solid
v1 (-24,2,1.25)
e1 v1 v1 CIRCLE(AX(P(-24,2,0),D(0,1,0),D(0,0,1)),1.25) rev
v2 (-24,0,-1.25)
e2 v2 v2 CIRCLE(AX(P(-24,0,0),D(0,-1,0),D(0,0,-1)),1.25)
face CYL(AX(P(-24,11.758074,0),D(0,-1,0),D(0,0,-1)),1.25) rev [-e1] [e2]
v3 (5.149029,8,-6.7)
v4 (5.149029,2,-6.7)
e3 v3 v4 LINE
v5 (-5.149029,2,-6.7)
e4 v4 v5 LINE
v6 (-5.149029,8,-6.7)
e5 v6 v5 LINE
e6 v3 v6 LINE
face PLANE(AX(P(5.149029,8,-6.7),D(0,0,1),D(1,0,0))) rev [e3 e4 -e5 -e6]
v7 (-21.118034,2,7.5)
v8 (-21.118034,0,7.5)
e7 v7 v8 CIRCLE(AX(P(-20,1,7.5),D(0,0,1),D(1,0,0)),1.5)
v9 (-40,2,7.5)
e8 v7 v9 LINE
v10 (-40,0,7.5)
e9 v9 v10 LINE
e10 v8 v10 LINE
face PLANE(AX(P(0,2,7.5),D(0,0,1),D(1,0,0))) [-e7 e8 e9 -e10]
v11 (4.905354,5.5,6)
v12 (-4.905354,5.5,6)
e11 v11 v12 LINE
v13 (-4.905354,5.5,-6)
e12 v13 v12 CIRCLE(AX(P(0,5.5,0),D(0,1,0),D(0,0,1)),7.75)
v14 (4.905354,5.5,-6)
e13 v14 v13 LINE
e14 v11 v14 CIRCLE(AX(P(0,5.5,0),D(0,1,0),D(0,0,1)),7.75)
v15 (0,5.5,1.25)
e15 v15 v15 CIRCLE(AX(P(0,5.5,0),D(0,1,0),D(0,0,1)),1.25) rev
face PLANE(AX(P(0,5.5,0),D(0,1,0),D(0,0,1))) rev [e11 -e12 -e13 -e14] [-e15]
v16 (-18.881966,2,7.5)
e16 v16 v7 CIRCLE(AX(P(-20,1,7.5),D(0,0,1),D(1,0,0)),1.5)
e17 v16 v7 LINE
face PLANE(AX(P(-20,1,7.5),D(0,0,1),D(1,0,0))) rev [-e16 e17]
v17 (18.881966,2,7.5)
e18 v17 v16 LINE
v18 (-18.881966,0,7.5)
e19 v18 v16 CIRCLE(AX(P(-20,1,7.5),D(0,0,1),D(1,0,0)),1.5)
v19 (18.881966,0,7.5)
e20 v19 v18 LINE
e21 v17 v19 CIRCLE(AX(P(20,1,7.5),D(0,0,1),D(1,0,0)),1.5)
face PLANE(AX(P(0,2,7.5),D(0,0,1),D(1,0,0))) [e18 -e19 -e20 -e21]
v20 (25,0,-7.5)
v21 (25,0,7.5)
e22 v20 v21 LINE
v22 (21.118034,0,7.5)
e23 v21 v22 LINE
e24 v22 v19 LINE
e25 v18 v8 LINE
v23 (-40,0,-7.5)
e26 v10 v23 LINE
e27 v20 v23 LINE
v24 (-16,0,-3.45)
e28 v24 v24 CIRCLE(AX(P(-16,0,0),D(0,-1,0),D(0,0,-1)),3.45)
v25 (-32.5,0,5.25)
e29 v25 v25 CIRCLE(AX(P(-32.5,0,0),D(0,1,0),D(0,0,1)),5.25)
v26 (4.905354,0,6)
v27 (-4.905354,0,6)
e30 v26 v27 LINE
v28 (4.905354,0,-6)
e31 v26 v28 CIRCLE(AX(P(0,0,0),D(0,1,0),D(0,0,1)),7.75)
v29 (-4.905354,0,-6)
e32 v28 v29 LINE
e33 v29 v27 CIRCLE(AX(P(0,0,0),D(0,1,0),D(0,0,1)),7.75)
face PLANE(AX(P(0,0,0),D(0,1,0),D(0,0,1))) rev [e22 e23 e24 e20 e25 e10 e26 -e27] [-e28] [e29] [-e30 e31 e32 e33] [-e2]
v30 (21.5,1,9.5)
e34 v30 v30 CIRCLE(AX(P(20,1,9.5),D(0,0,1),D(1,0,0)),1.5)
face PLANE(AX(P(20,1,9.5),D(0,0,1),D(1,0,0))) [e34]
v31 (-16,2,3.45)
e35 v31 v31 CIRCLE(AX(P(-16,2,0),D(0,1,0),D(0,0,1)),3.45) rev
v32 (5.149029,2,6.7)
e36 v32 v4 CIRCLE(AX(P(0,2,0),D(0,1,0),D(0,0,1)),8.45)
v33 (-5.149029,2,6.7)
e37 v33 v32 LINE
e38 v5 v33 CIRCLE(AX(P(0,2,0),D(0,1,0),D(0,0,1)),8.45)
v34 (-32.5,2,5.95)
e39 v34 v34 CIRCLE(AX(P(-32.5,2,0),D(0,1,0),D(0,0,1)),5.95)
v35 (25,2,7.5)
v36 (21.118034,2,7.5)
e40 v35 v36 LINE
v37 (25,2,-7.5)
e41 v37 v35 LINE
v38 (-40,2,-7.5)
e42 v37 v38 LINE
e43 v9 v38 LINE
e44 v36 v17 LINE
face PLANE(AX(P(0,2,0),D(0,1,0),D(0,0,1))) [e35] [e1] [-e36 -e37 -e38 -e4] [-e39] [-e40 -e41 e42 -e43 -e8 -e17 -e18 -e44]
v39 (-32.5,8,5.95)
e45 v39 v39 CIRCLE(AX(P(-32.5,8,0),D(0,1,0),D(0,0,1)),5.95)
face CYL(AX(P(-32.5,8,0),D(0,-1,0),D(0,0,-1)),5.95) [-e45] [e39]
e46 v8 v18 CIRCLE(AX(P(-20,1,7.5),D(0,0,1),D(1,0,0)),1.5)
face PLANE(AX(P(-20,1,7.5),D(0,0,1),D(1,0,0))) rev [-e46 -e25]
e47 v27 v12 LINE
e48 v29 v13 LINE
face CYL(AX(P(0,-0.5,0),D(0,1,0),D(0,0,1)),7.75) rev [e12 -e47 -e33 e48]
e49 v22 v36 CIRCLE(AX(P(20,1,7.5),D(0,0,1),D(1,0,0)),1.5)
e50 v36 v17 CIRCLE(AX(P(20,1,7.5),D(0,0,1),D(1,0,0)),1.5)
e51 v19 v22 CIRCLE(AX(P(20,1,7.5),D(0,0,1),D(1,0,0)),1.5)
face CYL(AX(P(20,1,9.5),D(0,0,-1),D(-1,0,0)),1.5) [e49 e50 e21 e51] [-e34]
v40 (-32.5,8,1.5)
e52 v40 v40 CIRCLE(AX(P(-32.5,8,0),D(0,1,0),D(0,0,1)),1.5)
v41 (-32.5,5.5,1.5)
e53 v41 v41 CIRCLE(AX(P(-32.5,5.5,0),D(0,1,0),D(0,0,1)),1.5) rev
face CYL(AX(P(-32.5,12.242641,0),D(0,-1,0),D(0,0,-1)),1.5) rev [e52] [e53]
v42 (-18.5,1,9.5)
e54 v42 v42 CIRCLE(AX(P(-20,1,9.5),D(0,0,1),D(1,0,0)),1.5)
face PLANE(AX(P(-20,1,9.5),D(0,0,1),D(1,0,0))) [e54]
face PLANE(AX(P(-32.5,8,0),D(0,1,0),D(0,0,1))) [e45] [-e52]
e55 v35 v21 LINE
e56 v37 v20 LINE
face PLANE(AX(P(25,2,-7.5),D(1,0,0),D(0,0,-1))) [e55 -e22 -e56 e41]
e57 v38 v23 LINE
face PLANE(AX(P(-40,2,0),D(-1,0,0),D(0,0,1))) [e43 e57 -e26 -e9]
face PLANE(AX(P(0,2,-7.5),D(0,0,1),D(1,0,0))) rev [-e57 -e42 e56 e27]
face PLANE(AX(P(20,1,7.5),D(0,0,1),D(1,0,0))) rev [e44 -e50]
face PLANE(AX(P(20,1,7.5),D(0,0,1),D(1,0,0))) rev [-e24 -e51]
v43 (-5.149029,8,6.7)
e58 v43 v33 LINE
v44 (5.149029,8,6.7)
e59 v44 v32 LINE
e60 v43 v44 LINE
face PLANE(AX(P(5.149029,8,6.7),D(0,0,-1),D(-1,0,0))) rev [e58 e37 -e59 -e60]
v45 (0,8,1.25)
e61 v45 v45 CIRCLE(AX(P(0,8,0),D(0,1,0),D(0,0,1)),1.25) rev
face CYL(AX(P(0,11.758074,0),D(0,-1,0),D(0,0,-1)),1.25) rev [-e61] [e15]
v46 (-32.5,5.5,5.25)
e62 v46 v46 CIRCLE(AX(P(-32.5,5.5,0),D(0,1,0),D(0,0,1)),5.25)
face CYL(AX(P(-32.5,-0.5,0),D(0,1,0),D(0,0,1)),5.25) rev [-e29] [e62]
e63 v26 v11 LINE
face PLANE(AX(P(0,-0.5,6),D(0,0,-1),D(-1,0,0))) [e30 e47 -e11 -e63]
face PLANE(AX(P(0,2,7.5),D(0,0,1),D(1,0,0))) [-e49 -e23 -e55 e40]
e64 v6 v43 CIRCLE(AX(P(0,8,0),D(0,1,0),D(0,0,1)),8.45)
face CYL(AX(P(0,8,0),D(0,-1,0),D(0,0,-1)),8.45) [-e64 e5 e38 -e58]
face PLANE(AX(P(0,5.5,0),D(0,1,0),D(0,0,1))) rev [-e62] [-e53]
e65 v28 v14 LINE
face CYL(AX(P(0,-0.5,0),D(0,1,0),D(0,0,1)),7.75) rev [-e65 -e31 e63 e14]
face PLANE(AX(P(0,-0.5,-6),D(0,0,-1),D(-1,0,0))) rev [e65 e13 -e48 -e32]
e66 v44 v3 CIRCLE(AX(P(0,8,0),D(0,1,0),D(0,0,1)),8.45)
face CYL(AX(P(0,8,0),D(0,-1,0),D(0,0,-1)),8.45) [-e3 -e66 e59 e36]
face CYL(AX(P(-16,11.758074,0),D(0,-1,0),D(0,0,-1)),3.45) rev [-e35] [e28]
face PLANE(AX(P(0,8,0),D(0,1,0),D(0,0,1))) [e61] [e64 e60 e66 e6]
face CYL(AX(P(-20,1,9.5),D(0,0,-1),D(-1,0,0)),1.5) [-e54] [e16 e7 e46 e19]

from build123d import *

# Parameters (mm, degrees)
SKETCH_1_W               = 65
SKETCH_1_H               = 15
EXTRUDE_1_DEPTH          = 2
SKETCH_2_R               = 1.25
SKETCH_2_R_2             = 3.45
SKETCH_2_R_3             = 1.5
CUT_EXTRUDE_1_DEPTH      = 2
SKETCH_4_R               = 1.5
EXTRUDE_2_DEPTH          = 2
SKETCH_5_R               = 5.95
SKETCH_5_R_2             = 5.25
EXTRUDE_3_DEPTH          = 6
SKETCH_5_8_R             = 1.25
SKETCH_5_8_R_2           = 5.25
EXTRUDE_4_DEPTH          = 6
CUT_EXTRUDE_2_DEPTH      = 3.5
CUT_EXTRUDE_2_DEPTH_BACK = 42.548164821
SKETCH_5_11_R            = 1.25
SKETCH_5_11_R_2          = 5.25
SKETCH_2_3_R             = 1.5
CUT_EXTRUDE_3_DEPTH      = 8


with BuildPart() as part:
    # 草图1 → 凸台-拉伸1 (new body)
    with BuildSketch(Plane(origin=(0, 0, 0), x_dir=(1, 0, 0), z_dir=(0, 1, 0))):
        with Locations((-7.5, 0)):
            Rectangle(SKETCH_1_W, SKETCH_1_H)
    extrude(amount=EXTRUDE_1_DEPTH)

    # 草图2 → 切除-拉伸1 (cut)
    with BuildSketch(Plane(origin=(0, 0, 0), x_dir=(1, 0, 0), z_dir=(0, 1, 0))):
        with Locations(Location((0, 0, 0), (0, 0, 270))):
            Circle(SKETCH_2_R)
        with Locations(Location((-16, 0, 0), (0, 0, 90))):
            Circle(SKETCH_2_R_2)
        with Locations(Location((-24, 0, 0), (0, 0, 90))):
            Circle(SKETCH_2_R)
        with Locations(Location((-32.5, 0, 0), (0, 0, 270))):
            Circle(SKETCH_2_R_3)
    extrude(amount=CUT_EXTRUDE_1_DEPTH, mode=Mode.SUBTRACT)

    # 草图4 → 凸台-拉伸2 (add)
    with BuildSketch(Plane.XY.offset(7.5)):
        with Locations(Location((20, 1, 0), (0, 0, 221.810314896))):
            Circle(SKETCH_4_R)
        with Locations(Location((-20, 1, 0), (0, 0, 221.810314896))):
            Circle(SKETCH_4_R)
    extrude(amount=EXTRUDE_2_DEPTH)

    # 草图5 → 凸台-拉伸3 (add)
    # profile 1 of 2: a face of its own
    with BuildSketch(Plane(origin=(0, 2, 0), x_dir=(1, 0, 0), z_dir=(0, 1, 0))):
        with Locations(Location((-32.5, 0, 0), (0, 0, 270))):
            Circle(SKETCH_5_R)
        with Locations(Location((-32.5, 0, 0), (0, 0, 270))):
            Circle(SKETCH_5_R_2, mode=Mode.SUBTRACT)
    # profile 2 of 2: a face of its own
    with BuildSketch(Plane(origin=(0, 2, 0), x_dir=(1, 0, 0), z_dir=(0, 1, 0))):
        with BuildLine():
            Line((5.149029035, -6.7), (-5.149029035, -6.7))
            ThreePointArc((-5.149029035, -6.7), (-8.45, 0), (-5.149029035, 6.7))
            Line((-5.149029035, 6.7), (5.149029035, 6.7))
            ThreePointArc((5.149029035, 6.7), (8.45, 0), (5.149029035, -6.7))
        make_face()
        with BuildLine():
            Line((4.905354218, -6), (-4.905354218, -6))
            ThreePointArc((-4.905354218, -6), (-7.75, 0), (-4.905354218, 6))
            Line((-4.905354218, 6), (4.905354218, 6))
            ThreePointArc((4.905354218, 6), (7.75, 0), (4.905354218, -6))
        make_face(mode=Mode.SUBTRACT)
    extrude(amount=EXTRUDE_3_DEPTH)

    # 草图5<8> → 凸台-拉伸4 (add)
    # profile 1 of 2: a face of its own
    with BuildSketch(Plane(origin=(0, 2, 0), x_dir=(1, 0, 0), z_dir=(0, 1, 0))):
        with BuildLine():
            Line((4.905354218, -6), (-4.905354218, -6))
            ThreePointArc((-4.905354218, -6), (-7.75, 0), (-4.905354218, 6))
            Line((-4.905354218, 6), (4.905354218, 6))
            ThreePointArc((4.905354218, 6), (7.75, 0), (4.905354218, -6))
        make_face()
        with Locations(Location((0, 0, 0), (0, 0, 270))):
            Circle(SKETCH_5_8_R, mode=Mode.SUBTRACT)
    # profile 2 of 2: a face of its own
    with BuildSketch(Plane(origin=(0, 2, 0), x_dir=(1, 0, 0), z_dir=(0, 1, 0))):
        with Locations((-32.5, 0)):
            Circle(SKETCH_5_8_R_2)
    extrude(amount=EXTRUDE_4_DEPTH)

    # 草图5<11> → 切除-拉伸2 (cut, two sides: drawn at the far end of the back side and taken through both)
    # profile 1 of 2: a face of its own
    with BuildSketch(Plane(origin=(0, 2, 0), x_dir=(1, 0, 0), z_dir=(0, 1, 0)).offset(-CUT_EXTRUDE_2_DEPTH_BACK)):
        with BuildLine():
            Line((4.905354218, -6), (-4.905354218, -6))
            ThreePointArc((-4.905354218, -6), (-7.75, 0), (-4.905354218, 6))
            Line((-4.905354218, 6), (4.905354218, 6))
            ThreePointArc((4.905354218, 6), (7.75, 0), (4.905354218, -6))
        make_face()
        with Locations(Location((0, 0, 0), (0, 0, 270))):
            Circle(SKETCH_5_11_R, mode=Mode.SUBTRACT)
    # profile 2 of 2: a face of its own
    with BuildSketch(Plane(origin=(0, 2, 0), x_dir=(1, 0, 0), z_dir=(0, 1, 0)).offset(-CUT_EXTRUDE_2_DEPTH_BACK)):
        with Locations(Location((-32.5, 0, 0), (0, 0, 270))):
            Circle(SKETCH_5_11_R_2)
    extrude(amount=CUT_EXTRUDE_2_DEPTH + CUT_EXTRUDE_2_DEPTH_BACK, mode=Mode.SUBTRACT)

    # 草图2<3> → 切除-拉伸3 (cut)
    with BuildSketch(Plane(origin=(0, 0, 0), x_dir=(1, 0, 0), z_dir=(0, 1, 0))):
        with Locations(Location((-32.5, 0, 0), (0, 0, 270))):
            Circle(SKETCH_2_3_R)
    extrude(amount=CUT_EXTRUDE_3_DEPTH, mode=Mode.SUBTRACT)


solid = part.part
